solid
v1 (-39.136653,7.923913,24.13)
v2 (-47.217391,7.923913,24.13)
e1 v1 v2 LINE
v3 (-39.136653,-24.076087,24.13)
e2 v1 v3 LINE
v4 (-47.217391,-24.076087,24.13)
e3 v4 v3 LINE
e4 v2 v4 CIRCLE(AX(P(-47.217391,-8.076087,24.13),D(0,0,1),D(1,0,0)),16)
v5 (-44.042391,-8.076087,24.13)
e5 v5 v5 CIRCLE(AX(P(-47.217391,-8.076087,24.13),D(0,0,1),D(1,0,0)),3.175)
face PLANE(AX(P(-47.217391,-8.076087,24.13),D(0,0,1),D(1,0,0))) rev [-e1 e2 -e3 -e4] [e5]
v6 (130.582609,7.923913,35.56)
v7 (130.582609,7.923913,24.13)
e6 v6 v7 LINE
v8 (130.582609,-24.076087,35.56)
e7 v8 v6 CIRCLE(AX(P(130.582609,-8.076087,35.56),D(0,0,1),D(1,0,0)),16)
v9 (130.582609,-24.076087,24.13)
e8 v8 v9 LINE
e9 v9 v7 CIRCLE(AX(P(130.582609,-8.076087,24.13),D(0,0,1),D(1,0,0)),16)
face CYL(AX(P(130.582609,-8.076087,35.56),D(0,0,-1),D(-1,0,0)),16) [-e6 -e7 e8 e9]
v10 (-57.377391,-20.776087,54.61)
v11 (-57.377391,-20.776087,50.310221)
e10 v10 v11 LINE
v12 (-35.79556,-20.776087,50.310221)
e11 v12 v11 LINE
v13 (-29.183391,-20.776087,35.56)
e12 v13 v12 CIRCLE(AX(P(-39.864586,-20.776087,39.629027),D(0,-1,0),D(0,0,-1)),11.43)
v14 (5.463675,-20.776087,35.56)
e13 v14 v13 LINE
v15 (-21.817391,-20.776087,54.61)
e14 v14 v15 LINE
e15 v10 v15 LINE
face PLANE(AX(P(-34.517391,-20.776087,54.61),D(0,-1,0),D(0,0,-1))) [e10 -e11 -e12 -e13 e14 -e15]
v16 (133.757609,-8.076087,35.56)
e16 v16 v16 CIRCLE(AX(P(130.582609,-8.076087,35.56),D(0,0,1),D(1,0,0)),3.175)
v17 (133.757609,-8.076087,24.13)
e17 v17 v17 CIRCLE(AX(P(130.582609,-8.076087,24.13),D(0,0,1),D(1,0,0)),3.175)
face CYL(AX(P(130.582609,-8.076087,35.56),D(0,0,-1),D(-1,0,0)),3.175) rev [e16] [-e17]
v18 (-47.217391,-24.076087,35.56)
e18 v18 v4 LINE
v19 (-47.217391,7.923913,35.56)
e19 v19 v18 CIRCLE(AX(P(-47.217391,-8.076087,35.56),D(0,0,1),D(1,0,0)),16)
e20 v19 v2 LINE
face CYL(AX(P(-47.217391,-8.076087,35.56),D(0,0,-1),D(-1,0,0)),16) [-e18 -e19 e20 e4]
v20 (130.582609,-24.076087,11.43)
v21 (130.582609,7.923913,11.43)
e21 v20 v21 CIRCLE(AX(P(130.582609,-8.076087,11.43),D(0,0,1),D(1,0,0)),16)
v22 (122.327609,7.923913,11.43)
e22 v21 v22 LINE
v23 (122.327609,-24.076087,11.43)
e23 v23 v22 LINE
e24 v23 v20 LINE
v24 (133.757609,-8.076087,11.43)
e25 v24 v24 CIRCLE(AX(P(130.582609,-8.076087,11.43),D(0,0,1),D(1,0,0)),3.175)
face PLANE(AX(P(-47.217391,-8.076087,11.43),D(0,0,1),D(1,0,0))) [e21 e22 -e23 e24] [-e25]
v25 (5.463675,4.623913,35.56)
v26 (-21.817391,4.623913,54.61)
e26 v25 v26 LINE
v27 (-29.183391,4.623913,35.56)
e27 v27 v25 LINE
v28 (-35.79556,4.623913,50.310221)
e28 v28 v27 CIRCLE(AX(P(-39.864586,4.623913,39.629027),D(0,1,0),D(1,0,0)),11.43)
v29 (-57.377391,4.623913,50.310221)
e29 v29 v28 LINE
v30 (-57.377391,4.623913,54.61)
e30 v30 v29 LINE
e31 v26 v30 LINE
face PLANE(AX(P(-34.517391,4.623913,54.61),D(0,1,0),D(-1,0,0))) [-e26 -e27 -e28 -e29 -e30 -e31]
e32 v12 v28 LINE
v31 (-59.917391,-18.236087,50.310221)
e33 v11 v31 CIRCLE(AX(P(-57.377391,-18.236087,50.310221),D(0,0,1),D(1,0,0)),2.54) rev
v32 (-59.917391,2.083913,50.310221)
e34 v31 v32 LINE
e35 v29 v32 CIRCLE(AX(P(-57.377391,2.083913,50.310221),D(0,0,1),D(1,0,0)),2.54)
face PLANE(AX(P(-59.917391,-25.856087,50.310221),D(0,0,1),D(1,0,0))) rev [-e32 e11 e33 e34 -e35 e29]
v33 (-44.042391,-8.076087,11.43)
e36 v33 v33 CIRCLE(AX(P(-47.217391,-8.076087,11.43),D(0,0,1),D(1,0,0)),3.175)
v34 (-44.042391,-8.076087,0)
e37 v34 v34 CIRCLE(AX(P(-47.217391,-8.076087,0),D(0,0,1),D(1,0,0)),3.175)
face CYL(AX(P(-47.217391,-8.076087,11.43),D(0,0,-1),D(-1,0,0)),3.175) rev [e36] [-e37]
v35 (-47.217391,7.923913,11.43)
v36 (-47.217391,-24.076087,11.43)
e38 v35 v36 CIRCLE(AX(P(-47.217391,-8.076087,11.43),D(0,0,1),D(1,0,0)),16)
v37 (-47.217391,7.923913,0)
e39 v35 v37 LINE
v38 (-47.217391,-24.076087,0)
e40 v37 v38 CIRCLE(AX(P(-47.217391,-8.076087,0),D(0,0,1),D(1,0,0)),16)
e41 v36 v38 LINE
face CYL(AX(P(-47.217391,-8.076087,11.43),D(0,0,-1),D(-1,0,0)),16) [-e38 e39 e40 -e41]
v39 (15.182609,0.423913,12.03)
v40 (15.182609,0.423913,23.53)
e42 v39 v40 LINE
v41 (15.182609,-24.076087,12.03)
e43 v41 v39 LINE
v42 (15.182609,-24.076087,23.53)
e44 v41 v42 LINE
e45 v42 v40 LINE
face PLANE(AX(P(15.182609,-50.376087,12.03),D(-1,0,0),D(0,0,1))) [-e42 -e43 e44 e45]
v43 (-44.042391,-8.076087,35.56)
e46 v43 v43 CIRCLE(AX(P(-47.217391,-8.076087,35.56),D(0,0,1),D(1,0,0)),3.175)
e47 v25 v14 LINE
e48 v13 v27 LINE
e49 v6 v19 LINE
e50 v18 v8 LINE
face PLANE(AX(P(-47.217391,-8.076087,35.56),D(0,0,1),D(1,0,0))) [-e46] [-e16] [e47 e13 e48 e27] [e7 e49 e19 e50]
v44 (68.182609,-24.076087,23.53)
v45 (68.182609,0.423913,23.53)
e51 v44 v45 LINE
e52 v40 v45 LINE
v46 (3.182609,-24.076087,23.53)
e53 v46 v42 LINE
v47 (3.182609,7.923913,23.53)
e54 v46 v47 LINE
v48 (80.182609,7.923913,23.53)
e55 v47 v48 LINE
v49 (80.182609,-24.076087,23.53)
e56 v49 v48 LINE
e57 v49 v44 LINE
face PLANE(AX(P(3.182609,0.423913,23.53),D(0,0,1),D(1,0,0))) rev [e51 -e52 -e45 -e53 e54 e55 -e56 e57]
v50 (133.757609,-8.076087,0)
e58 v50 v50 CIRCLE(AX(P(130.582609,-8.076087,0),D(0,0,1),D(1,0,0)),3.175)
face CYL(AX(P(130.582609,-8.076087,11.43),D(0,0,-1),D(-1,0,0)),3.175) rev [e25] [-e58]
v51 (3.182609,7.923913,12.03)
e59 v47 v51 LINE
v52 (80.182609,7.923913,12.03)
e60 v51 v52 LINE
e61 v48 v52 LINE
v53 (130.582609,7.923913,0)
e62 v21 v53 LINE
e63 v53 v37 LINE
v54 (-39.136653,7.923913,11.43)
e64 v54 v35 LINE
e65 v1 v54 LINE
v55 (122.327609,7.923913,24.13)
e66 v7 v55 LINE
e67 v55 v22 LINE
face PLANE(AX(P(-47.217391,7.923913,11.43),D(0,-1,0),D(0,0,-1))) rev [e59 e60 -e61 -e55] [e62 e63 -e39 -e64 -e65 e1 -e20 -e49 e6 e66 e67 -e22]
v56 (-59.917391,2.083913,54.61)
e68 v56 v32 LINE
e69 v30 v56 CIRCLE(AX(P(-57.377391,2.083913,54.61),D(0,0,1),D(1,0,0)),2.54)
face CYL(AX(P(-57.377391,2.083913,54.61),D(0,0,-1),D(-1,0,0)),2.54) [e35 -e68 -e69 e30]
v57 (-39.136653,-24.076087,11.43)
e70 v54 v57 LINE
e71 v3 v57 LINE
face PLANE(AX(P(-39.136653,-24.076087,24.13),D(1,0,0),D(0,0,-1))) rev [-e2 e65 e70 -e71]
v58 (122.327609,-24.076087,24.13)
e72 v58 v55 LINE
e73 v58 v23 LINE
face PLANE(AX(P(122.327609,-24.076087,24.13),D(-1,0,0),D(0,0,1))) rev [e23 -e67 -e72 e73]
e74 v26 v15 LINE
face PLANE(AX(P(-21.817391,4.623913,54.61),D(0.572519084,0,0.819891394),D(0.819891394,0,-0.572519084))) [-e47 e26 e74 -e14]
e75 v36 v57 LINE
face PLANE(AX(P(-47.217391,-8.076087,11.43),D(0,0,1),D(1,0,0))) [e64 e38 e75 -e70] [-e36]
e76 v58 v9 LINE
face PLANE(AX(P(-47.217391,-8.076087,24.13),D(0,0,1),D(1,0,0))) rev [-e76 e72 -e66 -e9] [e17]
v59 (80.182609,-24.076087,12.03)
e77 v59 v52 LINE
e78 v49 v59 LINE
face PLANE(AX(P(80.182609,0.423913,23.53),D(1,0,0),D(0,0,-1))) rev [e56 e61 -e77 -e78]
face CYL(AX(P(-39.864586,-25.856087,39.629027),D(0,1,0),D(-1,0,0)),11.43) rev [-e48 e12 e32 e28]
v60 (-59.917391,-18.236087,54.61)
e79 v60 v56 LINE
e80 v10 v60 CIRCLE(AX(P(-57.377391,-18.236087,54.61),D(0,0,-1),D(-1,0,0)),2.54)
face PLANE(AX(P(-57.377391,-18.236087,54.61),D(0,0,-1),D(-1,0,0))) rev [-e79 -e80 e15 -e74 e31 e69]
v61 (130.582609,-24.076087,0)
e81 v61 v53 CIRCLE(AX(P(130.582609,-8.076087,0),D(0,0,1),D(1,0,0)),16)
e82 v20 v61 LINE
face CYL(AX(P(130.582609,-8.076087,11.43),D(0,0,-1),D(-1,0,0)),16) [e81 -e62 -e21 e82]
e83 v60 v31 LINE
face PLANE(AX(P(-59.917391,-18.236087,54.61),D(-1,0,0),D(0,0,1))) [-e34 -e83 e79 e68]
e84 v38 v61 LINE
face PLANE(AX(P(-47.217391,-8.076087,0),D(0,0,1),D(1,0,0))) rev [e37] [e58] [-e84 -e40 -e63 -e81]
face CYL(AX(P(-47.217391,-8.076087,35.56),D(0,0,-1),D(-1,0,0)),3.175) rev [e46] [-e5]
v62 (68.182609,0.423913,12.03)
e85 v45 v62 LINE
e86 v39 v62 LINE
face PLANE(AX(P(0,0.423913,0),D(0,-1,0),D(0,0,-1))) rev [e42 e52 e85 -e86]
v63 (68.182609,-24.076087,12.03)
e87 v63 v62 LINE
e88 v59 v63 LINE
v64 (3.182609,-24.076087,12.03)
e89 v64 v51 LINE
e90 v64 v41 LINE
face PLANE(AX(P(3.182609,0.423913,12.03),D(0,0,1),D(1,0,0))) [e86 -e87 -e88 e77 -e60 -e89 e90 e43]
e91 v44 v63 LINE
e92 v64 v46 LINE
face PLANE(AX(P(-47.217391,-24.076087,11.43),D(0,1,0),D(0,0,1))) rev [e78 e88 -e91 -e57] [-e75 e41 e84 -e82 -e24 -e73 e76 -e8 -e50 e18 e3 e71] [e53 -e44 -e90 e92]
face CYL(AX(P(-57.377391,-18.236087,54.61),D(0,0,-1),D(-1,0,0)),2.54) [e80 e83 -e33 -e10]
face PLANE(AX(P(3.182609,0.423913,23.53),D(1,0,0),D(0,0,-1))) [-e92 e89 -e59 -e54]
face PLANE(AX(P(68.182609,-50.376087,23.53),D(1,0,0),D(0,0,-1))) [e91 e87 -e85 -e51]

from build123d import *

# Parameters (mm, degrees)
SKETCH1_R           = 3.175
BOSS_EXTRUDE1_DEPTH = 11.43
SKETCH2_W           = 161.464261653
SKETCH2_H           = 32
BOSS_EXTRUDE2_DEPTH = 12.7
SKETCH5_R           = 3.175
BOSS_EXTRUDE3_DEPTH = 11.43
SKETCH6_W           = 77
SKETCH6_H           = 11.5
CUT_EXTRUDE1_DEPTH  = 7.5
BOSS_EXTRUDE4_DEPTH = 19.05
CUT_EXTRUDE3_DEPTH  = 30.48
BOSS_EXTRUDE5_DEPTH = 25.4
SKETCH7_W           = 12
SKETCH7_H           = 11.5
CUT_EXTRUDE4_DEPTH  = 50.8
SKETCH7_5_W         = 12
SKETCH7_5_H         = 11.5
CUT_EXTRUDE5_DEPTH  = 50.8


with BuildPart() as part:
    # Sketch1 → Boss-Extrude1 (new body)
    with BuildSketch(Plane.XY):
        with BuildLine():
            Line((-47.217391304, 7.923913043), (130.582608696, 7.923913043))
            ThreePointArc((130.582608696, 7.923913043), (146.582608696, -8.076086957), (130.582608696, -24.076086957))
            Line((130.582608696, -24.076086957), (-47.217391304, -24.076086957))
            ThreePointArc((-47.217391304, -24.076086957), (-63.217391304, -8.076086957), (-47.217391304, 7.923913043))
        make_face()
        with Locations((-47.217391304, -8.076086957)):
            Circle(SKETCH1_R, mode=Mode.SUBTRACT)
        with Locations((130.582608696, -8.076086957)):
            Circle(SKETCH1_R, mode=Mode.SUBTRACT)
    extrude(amount=BOSS_EXTRUDE1_DEPTH)

    # Sketch2 → Boss-Extrude2 (add)
    with BuildSketch(Plane.XY.offset(11.43)):
        with Locations((41.59547787, -8.076086957)):
            Rectangle(SKETCH2_W, SKETCH2_H)
    extrude(amount=BOSS_EXTRUDE2_DEPTH)

    # Sketch5 → Boss-Extrude3 (add)
    with BuildSketch(Plane.XY.offset(24.13)):
        with BuildLine():
            Line((-47.217391304, 7.923913043), (130.582608696, 7.923913043))
            ThreePointArc((130.582608696, 7.923913043), (146.582608696, -8.076086957), (130.582608696, -24.076086957))
            Line((130.582608696, -24.076086957), (-47.217391304, -24.076086957))
            ThreePointArc((-47.217391304, -24.076086957), (-63.217391304, -8.076086957), (-47.217391304, 7.923913043))
        make_face()
        with Locations((-47.217391304, -8.076086957)):
            Circle(SKETCH5_R, mode=Mode.SUBTRACT)
        with Locations((130.582608696, -8.076086957)):
            Circle(SKETCH5_R, mode=Mode.SUBTRACT)
    extrude(amount=BOSS_EXTRUDE3_DEPTH)

    # Sketch6 → Cut-Extrude1 (cut)
    with BuildSketch(Plane(origin=(0, 7.923913043, 0), x_dir=(1, 0, 0), z_dir=(0, 1, 0))):
        with Locations((41.682608696, -17.78)):
            Rectangle(SKETCH6_W, SKETCH6_H)
    extrude(amount=-CUT_EXTRUDE1_DEPTH, mode=Mode.SUBTRACT)

    # Sketch10 → Boss-Extrude4 (add)
    with BuildSketch(Plane.XY.offset(35.56)):
        with BuildLine():
            Line((-34.517391304, -20.776086957), (-57.377391304, -20.776086957))
            ThreePointArc((-57.377391304, -20.776086957), (-59.173442529, -20.032138181), (-59.917391304, -18.236086957))
            Line((-59.917391304, -18.236086957), (-59.917391304, 2.083913043))
            ThreePointArc((-59.917391304, 2.083913043), (-59.173442529, 3.879964268), (-57.377391304, 4.623913043))
            Line((-57.377391304, 4.623913043), (-34.517391304, 4.623913043))
            Line((-34.517391304, 4.623913043), (-21.817391304, 4.623913043))
            Line((-21.817391304, 4.623913043), (-21.817391304, -20.776086957))
            Line((-21.817391304, -20.776086957), (-34.517391304, -20.776086957))
        make_face()
    extrude(amount=BOSS_EXTRUDE4_DEPTH)

    # Sketch14 → Cut-Extrude3 (cut)
    with BuildSketch(Plane(origin=(0, 4.623913043, 0), x_dir=(1, 0, 0), z_dir=(0, 1, 0))):
        with BuildLine():
            Line((-59.917391304, -35.56), (-29.183391304, -35.56))
            ThreePointArc((-29.183391304, -35.56), (-29.434604535, -44.304535578), (-35.79555952, -50.310221405))
            Line((-35.79555952, -50.310221405), (-59.917391304, -50.310221405))
            Line((-59.917391304, -50.310221405), (-59.917391304, -35.56))
        make_face()
    extrude(amount=-CUT_EXTRUDE3_DEPTH, mode=Mode.SUBTRACT)

    # Sketch15 → Boss-Extrude5 (add)
    with BuildSketch(Plane.XZ.offset(20.776086957)):
        Polygon((-21.817391304, 35.56), (5.46367495, 35.56), (-21.817391304, 54.61), align=None)
    extrude(amount=-BOSS_EXTRUDE5_DEPTH)

    # Sketch7 → Cut-Extrude4 (cut)
    with BuildSketch(Plane(origin=(0, 0.423913043, 0), x_dir=(1, 0, 0), z_dir=(0, 1, 0))):
        with Locations((74.182608696, -17.78)):
            Rectangle(SKETCH7_W, SKETCH7_H)
    extrude(amount=-CUT_EXTRUDE4_DEPTH, mode=Mode.SUBTRACT)

    # Sketch7<5> → Cut-Extrude5 (cut)
    with BuildSketch(Plane(origin=(0, 0.423913043, 0), x_dir=(1, 0, 0), z_dir=(0, 1, 0))):
        with Locations((9.182608696, -17.78)):
            Rectangle(SKETCH7_5_W, SKETCH7_5_H)
    extrude(amount=-CUT_EXTRUDE5_DEPTH, mode=Mode.SUBTRACT)


solid = part.part
